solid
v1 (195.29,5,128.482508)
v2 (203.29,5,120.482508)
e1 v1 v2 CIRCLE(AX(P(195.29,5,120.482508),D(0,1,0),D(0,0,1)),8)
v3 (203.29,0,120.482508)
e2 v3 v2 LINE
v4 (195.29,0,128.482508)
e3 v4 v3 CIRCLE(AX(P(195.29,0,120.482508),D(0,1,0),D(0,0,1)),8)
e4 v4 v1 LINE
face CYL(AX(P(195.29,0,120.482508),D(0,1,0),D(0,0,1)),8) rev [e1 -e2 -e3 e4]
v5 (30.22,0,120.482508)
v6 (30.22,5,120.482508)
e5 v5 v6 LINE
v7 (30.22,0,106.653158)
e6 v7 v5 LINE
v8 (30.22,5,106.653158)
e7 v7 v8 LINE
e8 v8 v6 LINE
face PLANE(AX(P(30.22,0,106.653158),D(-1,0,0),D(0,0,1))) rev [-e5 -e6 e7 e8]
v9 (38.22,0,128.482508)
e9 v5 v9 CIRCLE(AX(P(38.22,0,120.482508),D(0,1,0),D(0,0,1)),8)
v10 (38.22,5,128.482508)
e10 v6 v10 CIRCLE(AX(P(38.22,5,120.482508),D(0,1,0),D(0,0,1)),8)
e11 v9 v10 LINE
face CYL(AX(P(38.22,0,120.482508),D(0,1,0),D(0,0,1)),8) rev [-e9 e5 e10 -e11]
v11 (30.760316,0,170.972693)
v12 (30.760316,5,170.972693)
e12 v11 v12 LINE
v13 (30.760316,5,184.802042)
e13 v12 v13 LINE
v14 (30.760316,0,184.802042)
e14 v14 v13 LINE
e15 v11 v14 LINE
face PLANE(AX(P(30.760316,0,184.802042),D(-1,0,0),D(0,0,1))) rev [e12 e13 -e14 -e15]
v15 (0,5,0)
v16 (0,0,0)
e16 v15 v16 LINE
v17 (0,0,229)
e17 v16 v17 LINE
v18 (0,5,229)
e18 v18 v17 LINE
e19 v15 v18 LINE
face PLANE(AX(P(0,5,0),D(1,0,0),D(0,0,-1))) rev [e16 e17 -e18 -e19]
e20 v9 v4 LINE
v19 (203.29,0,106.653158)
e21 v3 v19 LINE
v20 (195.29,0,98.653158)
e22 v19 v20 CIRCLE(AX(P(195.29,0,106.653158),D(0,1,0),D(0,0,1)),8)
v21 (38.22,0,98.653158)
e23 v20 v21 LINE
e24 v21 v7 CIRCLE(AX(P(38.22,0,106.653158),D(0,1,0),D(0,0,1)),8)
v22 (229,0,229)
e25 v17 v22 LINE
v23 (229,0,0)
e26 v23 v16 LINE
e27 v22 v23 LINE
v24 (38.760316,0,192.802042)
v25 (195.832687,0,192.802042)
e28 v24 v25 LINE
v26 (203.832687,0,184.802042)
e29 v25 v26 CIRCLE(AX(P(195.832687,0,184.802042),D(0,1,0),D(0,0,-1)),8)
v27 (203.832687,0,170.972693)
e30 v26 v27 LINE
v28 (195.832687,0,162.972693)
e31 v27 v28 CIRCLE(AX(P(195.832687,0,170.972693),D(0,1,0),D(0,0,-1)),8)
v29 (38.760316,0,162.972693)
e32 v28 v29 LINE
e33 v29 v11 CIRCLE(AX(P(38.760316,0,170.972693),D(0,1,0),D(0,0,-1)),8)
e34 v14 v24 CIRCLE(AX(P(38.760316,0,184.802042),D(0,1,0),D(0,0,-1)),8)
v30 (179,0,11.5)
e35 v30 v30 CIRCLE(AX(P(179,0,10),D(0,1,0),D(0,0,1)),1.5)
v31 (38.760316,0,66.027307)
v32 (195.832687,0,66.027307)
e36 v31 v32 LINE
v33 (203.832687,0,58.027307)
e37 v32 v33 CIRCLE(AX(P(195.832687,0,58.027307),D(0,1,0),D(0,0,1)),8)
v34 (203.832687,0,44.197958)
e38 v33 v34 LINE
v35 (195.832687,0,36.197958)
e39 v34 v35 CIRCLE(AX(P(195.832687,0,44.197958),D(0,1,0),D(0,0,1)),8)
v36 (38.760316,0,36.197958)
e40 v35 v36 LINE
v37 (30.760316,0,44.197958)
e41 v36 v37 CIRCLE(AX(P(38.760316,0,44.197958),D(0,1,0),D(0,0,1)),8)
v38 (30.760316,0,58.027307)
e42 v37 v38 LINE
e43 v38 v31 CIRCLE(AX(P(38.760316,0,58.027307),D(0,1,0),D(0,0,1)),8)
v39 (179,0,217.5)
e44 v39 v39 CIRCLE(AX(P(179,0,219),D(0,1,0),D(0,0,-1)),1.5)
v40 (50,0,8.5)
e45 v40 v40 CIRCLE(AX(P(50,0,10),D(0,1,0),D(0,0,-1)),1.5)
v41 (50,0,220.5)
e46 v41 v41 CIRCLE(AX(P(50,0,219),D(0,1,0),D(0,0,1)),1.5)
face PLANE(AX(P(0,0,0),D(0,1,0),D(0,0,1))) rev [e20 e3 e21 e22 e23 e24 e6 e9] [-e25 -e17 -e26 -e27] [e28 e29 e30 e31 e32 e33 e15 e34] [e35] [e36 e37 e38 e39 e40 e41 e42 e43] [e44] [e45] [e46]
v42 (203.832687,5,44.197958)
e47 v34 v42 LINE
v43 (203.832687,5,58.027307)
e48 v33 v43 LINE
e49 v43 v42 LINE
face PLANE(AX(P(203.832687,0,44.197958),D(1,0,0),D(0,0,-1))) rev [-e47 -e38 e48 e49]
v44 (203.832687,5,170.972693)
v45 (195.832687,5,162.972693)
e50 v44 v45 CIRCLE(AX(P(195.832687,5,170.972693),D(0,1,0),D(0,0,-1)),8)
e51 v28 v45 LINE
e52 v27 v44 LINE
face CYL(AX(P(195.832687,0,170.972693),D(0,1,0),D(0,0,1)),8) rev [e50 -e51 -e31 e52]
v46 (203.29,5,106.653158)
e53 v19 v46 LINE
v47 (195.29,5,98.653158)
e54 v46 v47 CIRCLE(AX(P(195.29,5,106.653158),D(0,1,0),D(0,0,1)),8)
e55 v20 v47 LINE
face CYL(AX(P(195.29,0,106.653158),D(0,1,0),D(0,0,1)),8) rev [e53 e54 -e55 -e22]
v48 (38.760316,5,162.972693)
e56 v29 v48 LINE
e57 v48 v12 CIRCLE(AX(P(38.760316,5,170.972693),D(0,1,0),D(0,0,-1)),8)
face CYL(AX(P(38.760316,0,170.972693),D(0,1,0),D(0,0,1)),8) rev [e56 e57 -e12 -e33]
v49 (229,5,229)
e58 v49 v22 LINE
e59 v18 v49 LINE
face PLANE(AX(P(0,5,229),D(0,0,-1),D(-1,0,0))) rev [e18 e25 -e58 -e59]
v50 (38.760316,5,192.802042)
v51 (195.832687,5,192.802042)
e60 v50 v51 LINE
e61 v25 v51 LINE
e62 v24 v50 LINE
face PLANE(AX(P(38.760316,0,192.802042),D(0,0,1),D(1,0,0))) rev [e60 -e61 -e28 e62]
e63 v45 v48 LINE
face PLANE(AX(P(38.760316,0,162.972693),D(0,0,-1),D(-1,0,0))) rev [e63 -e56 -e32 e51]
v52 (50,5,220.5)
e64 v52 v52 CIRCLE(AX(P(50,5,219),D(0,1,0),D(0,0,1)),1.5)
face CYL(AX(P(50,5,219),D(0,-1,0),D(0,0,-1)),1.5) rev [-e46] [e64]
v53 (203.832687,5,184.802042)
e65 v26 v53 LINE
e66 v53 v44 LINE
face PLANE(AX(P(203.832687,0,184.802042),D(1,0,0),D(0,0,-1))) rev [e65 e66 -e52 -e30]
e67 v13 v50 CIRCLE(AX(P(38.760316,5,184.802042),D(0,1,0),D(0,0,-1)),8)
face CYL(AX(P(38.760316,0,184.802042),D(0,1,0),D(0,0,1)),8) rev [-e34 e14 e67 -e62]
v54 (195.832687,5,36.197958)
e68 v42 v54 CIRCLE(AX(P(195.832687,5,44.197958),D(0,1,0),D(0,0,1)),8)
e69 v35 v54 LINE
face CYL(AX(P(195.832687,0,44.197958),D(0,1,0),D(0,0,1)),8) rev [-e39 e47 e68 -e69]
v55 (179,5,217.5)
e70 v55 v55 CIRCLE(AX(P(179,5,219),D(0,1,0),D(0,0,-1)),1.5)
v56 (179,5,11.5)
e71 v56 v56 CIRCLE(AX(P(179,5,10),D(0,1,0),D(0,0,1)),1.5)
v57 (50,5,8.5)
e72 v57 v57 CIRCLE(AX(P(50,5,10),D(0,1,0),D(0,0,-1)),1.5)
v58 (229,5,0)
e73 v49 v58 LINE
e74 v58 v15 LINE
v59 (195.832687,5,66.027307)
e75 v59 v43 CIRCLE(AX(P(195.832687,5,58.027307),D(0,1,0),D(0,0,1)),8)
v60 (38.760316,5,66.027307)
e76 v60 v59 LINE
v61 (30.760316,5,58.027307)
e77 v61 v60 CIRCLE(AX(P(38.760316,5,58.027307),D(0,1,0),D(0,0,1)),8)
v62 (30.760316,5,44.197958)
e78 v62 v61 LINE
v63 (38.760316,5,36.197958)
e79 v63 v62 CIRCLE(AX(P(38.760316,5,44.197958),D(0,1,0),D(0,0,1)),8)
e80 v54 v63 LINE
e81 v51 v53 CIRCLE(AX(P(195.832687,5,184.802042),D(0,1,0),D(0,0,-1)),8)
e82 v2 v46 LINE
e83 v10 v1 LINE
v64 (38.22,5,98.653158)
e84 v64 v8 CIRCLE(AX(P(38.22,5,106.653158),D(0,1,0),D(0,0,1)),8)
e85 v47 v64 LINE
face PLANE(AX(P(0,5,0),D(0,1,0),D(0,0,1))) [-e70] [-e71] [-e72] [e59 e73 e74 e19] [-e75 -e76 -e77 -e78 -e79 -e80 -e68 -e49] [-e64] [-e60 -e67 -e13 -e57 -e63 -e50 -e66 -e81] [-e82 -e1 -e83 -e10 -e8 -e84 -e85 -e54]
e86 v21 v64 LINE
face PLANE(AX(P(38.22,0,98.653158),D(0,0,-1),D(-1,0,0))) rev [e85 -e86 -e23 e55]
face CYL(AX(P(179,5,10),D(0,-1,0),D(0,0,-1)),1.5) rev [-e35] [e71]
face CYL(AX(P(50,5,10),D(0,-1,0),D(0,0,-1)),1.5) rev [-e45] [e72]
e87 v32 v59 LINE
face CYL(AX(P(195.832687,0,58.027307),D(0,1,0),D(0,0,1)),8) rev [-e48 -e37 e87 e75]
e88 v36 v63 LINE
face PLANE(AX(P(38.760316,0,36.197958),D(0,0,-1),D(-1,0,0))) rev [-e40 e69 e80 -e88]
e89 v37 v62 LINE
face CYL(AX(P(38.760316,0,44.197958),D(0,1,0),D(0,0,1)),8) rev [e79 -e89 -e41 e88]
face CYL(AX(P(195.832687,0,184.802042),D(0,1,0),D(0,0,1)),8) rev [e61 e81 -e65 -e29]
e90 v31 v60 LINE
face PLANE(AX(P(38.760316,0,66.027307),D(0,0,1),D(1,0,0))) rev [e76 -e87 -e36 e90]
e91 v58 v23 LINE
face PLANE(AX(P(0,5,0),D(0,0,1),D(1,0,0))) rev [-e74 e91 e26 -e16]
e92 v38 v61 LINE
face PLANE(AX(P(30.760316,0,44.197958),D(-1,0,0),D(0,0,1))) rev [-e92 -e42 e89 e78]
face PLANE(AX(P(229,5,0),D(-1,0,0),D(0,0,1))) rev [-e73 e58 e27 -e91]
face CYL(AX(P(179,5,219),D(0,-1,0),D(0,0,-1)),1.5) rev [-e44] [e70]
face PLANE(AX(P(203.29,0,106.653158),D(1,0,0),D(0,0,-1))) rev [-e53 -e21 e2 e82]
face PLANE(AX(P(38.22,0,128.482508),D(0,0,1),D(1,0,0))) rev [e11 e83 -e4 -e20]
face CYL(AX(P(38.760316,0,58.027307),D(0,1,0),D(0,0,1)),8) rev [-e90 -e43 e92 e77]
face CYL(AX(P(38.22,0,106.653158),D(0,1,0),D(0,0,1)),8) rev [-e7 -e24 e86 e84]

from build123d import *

# Parameters (mm, degrees)
SKETCH1_W           = 229
SKETCH1_H           = 229
SKETCH1_R           = 1.5
BOSS_EXTRUDE1_DEPTH = 5
CUT_EXTRUDE1_DEPTH  = 5


with BuildPart() as part:
    # Sketch1 → Boss-Extrude1 (new body)
    with BuildSketch(Plane(origin=(0, 0, 0), x_dir=(1, 0, 0), z_dir=(0, 1, 0))):
        with Locations((114.5, -114.5)):
            Rectangle(SKETCH1_W, SKETCH1_H)
        with Locations(Location((179, -10, 0), (0, 0, 270))):
            Circle(SKETCH1_R, mode=Mode.SUBTRACT)
        with Locations(Location((50, -10, 0), (0, 0, 90))):
            Circle(SKETCH1_R, mode=Mode.SUBTRACT)
        with Locations(Location((179, -219, 0), (0, 0, 90))):
            Circle(SKETCH1_R, mode=Mode.SUBTRACT)
        with Locations(Location((50, -219, 0), (0, 0, 270))):
            Circle(SKETCH1_R, mode=Mode.SUBTRACT)
    extrude(amount=BOSS_EXTRUDE1_DEPTH)

    # Sketch2 → Cut-Extrude1 (cut)
    with BuildSketch(Plane(origin=(0, 5, 0), x_dir=(1, 0, 0), z_dir=(0, 1, 0))):
        with BuildLine():
            Line((38.760316137, -36.197957946), (195.832686867, -36.197957946))
            ThreePointArc((195.832686867, -36.197957946), (201.489541116, -38.541103697), (203.832686867, -44.197957946))
            Line((203.832686867, -44.197957946), (203.832686867, -58.0273073))
            ThreePointArc((203.832686867, -58.0273073), (201.489541116, -63.68416155), (195.832686867, -66.0273073))
            Line((195.832686867, -66.0273073), (38.760316137, -66.0273073))
            ThreePointArc((38.760316137, -66.0273073), (33.103461887, -63.68416155), (30.760316137, -58.0273073))
            Line((30.760316137, -58.0273073), (30.760316137, -44.197957946))
            ThreePointArc((30.760316137, -44.197957946), (33.103461887, -38.541103697), (38.760316137, -36.197957946))
        make_face()
        with BuildLine():
            Line((203.832686867, -184.802042054), (203.832686867, -170.9726927))
            ThreePointArc((203.832686867, -170.9726927), (201.489541116, -165.31583845), (195.832686867, -162.9726927))
            Line((195.832686867, -162.9726927), (38.760316137, -162.9726927))
            ThreePointArc((38.760316137, -162.9726927), (33.103461887, -165.31583845), (30.760316137, -170.9726927))
            Line((30.760316137, -170.9726927), (30.760316137, -184.802042054))
            ThreePointArc((30.760316137, -184.802042054), (33.103461887, -190.458896303), (38.760316137, -192.802042054))
            Line((38.760316137, -192.802042054), (195.832686867, -192.802042054))
            ThreePointArc((195.832686867, -192.802042054), (201.489541116, -190.458896303), (203.832686867, -184.802042054))
        make_face()
        with BuildLine():
            Line((38.22, -98.653158156), (195.29, -98.653158156))
            ThreePointArc((195.29, -98.653158156), (200.946854249, -100.996303906), (203.29, -106.653158156))
            Line((203.29, -106.653158156), (203.29, -120.48250751))
            ThreePointArc((203.29, -120.48250751), (200.946854249, -126.139361759), (195.29, -128.48250751))
            Line((195.29, -128.48250751), (38.22, -128.48250751))
            ThreePointArc((38.22, -128.48250751), (32.563145751, -126.139361759), (30.22, -120.48250751))
            Line((30.22, -120.48250751), (30.22, -106.653158156))
            ThreePointArc((30.22, -106.653158156), (32.563145751, -100.996303906), (38.22, -98.653158156))
        make_face()
    extrude(amount=-CUT_EXTRUDE1_DEPTH, mode=Mode.SUBTRACT)


solid = part.part
